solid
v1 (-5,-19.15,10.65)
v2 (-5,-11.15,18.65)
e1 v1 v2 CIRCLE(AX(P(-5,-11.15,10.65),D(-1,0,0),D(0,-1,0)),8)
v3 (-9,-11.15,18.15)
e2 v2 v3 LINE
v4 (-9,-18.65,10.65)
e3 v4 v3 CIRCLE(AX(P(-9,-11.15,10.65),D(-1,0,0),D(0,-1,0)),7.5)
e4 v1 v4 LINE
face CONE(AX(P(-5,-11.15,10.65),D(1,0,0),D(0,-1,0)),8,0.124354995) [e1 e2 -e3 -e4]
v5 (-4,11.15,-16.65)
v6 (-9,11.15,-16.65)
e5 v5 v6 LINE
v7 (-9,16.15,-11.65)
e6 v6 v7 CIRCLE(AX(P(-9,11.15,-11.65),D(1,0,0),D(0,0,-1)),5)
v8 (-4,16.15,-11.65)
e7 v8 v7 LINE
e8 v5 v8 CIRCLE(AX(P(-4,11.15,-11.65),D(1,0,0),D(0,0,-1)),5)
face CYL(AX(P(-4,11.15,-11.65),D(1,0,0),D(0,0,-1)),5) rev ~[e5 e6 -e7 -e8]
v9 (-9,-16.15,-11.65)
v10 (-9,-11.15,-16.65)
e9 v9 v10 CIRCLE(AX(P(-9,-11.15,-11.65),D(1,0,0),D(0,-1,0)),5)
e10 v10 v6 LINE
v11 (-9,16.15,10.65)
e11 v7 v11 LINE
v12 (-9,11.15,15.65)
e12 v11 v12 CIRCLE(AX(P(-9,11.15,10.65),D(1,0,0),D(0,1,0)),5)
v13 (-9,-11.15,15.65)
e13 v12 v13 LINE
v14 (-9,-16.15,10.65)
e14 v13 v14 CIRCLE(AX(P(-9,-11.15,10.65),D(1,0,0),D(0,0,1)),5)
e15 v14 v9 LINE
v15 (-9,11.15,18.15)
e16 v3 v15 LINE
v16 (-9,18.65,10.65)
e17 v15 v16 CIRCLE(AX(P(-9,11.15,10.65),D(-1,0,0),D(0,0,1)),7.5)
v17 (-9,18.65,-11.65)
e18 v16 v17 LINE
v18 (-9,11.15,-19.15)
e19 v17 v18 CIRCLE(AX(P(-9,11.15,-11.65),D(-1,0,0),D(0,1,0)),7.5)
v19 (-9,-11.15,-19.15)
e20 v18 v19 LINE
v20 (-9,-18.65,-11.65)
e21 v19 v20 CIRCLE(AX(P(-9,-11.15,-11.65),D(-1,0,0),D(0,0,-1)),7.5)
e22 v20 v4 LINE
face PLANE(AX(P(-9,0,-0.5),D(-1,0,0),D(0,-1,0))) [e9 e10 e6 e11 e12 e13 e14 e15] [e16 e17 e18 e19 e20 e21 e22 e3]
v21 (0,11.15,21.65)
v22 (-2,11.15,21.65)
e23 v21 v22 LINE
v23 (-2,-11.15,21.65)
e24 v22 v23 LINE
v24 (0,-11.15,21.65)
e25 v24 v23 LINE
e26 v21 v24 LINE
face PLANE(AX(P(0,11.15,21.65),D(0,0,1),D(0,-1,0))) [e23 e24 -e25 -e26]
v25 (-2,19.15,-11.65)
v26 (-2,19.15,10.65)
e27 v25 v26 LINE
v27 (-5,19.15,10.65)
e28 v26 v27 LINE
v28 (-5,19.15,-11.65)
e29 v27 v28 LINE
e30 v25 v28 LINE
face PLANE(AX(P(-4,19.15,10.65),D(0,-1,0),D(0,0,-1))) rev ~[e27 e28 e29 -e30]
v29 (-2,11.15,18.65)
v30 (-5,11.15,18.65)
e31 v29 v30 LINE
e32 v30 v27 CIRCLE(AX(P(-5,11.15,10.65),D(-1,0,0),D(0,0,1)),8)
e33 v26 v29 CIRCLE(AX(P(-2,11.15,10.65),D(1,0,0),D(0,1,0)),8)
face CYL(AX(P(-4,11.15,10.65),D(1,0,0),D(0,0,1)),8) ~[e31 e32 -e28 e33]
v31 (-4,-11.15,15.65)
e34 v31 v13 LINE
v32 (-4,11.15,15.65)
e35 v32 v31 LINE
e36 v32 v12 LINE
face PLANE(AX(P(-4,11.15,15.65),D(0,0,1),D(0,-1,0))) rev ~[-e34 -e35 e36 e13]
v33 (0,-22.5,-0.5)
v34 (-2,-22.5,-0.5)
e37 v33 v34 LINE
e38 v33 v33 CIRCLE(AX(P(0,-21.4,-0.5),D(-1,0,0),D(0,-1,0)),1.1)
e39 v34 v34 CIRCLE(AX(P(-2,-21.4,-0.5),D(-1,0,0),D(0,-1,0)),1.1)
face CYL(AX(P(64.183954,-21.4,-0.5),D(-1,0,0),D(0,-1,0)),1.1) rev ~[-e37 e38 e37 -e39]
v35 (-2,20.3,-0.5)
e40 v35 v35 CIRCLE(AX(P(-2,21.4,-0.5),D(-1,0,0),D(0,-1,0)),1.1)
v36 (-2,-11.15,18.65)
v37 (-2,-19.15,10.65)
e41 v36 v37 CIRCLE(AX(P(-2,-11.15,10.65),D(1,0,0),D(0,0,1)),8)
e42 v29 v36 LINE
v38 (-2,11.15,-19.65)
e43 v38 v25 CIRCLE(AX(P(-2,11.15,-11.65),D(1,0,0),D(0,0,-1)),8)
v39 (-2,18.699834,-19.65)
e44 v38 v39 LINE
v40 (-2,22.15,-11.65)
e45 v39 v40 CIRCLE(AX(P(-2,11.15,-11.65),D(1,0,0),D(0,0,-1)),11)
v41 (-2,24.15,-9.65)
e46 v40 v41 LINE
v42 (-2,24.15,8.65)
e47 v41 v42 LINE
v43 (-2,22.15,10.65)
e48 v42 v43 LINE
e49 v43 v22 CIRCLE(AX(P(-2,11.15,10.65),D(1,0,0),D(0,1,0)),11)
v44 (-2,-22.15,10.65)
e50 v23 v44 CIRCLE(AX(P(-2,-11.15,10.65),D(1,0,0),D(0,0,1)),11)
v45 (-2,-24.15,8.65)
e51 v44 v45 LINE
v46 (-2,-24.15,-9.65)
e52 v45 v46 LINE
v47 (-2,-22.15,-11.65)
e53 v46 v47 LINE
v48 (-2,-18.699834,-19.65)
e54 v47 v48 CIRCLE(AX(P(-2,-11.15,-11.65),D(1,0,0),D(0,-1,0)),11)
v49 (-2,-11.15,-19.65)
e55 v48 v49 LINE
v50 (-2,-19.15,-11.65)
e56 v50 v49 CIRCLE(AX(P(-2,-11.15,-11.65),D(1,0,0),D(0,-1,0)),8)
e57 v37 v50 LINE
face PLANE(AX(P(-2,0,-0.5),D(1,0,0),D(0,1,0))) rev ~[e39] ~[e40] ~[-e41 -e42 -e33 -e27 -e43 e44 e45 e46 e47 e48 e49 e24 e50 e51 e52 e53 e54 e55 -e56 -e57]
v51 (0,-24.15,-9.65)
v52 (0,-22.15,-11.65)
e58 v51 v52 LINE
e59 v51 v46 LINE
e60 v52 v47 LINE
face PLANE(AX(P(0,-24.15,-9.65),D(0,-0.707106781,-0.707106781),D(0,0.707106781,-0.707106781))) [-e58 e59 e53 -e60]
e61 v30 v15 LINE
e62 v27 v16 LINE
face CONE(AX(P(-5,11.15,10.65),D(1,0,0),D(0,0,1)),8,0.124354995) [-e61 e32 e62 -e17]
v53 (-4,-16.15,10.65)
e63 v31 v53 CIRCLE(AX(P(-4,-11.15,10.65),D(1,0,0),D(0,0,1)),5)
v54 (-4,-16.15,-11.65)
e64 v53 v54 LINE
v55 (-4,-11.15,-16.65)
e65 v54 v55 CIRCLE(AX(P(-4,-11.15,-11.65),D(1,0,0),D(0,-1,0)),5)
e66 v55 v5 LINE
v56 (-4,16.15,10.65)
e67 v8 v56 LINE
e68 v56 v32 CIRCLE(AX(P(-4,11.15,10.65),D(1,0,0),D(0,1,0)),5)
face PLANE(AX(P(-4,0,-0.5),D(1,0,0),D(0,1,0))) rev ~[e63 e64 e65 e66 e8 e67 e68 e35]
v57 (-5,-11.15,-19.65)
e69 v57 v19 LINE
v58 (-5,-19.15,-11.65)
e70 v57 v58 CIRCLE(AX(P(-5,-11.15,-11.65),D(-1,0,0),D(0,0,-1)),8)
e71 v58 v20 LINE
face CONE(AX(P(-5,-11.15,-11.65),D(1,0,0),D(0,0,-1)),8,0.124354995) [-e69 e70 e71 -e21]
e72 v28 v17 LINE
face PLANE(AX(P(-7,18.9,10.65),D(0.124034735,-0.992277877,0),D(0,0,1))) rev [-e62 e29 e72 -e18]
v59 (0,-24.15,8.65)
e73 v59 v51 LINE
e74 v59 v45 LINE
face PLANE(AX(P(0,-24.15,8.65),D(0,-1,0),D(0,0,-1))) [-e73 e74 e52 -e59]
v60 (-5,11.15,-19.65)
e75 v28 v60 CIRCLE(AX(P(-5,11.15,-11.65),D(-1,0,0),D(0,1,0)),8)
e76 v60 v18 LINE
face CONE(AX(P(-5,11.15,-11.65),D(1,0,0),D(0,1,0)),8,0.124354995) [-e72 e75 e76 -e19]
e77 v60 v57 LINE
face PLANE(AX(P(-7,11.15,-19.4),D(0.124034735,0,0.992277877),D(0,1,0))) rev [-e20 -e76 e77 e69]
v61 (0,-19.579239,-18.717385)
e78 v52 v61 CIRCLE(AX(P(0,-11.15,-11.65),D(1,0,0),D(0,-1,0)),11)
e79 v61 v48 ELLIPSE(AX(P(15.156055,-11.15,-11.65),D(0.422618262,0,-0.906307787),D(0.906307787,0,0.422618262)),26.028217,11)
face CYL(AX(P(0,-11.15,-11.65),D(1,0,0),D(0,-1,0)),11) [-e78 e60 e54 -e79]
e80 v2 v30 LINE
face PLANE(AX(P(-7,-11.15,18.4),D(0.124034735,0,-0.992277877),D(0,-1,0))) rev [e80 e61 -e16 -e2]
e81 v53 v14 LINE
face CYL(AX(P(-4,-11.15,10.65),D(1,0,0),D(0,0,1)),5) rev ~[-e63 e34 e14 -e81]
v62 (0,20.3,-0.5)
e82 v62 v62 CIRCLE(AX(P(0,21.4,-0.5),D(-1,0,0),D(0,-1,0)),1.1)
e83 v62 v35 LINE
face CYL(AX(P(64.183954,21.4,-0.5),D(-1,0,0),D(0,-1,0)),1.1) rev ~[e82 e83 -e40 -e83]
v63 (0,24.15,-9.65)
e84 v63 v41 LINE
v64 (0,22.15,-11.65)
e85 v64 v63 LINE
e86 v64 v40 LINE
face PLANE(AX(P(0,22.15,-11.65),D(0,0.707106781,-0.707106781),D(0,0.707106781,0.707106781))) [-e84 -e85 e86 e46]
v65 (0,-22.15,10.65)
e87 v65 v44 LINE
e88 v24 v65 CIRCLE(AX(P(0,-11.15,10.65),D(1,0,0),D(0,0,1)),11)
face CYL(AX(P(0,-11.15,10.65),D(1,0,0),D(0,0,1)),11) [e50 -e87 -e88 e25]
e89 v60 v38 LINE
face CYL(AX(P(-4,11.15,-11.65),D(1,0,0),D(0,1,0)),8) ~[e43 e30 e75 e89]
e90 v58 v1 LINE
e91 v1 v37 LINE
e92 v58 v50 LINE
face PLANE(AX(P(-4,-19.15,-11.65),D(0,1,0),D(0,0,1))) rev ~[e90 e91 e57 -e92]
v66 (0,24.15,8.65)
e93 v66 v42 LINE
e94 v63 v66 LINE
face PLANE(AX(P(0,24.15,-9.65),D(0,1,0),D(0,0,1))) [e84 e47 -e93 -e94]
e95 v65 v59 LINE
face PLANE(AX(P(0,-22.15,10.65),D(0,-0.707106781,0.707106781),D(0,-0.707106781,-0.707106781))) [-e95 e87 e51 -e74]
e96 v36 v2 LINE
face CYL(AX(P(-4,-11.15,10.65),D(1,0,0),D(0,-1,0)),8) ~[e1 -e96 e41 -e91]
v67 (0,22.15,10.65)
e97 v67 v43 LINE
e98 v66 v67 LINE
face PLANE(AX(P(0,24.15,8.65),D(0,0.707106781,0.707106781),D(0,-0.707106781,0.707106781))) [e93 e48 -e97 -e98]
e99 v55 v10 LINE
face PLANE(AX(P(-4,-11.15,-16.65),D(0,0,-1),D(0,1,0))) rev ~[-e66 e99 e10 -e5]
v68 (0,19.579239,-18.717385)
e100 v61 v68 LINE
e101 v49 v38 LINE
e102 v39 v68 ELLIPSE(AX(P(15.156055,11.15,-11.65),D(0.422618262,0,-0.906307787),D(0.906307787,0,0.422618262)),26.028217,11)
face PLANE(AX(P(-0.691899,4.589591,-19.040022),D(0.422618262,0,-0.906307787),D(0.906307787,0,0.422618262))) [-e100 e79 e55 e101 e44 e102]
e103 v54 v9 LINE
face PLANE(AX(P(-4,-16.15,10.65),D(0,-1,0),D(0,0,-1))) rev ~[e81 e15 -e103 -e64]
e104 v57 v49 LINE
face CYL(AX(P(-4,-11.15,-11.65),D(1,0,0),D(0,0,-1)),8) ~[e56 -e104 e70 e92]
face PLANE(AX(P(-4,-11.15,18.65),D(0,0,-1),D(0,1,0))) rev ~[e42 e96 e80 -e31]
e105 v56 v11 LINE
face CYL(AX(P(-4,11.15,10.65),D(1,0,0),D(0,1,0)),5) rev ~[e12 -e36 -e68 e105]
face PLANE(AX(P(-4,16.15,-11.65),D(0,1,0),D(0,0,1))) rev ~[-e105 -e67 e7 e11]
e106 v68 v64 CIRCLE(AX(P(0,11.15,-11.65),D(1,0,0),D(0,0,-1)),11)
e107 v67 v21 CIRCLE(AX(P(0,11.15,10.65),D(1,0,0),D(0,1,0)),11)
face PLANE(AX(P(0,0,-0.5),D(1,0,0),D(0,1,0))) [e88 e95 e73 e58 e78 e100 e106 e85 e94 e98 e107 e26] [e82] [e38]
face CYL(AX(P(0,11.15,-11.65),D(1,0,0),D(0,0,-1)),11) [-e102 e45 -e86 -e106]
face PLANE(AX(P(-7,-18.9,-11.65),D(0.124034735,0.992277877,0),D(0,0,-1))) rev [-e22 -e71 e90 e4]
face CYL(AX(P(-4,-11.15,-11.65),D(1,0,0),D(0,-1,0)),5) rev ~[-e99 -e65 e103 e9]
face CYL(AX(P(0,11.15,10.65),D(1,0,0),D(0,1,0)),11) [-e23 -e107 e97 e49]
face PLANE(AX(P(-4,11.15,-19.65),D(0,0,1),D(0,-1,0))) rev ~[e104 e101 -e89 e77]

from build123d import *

# Parameters (mm, degrees)
F1_DEPTH = 2
F2_DEPTH = 4
F4_W     = 23.5562745947
F4_H     = 63.5293796659
F5_DEPTH = 3.5651598846
F7_DEPTH = 5
F8_SIZE2 = 0.5
F8_SIZE  = 4
F9_D     = 2.2


with BuildPart() as f1:
    # F0 (on Right) → F1 (new body)
    with BuildSketch(Plane.YZ):
        with BuildLine():
            Line((11.15, 21.65), (-11.15, 21.65))
            ThreePointArc((-11.15, 21.65), (-18.9281745931, 18.4281745931), (-22.15, 10.65))
            Line((-22.15, 10.65), (-22.15, -11.65))
            ThreePointArc((-22.15, -11.65), (-18.9281745931, -19.4281745931), (-11.15, -22.65))
            Line((-11.15, -22.65), (11.15, -22.65))
            ThreePointArc((11.15, -22.65), (18.9281745931, -19.4281745931), (22.15, -11.65))
            Line((22.15, -11.65), (22.15, 10.65))
            ThreePointArc((22.15, 10.65), (18.9281745931, 18.4281745931), (11.15, 21.65))
        make_face()
        with BuildLine():
            ThreePointArc((-19.15, 10.65), (-16.8068542495, 16.3068542495), (-11.15, 18.65))
            Line((-11.15, 18.65), (11.15, 18.65))
            ThreePointArc((11.15, 18.65), (16.8068542495, 16.3068542495), (19.15, 10.65))
            Line((19.15, 10.65), (19.15, -11.65))
            ThreePointArc((19.15, -11.65), (16.8068542495, -17.3068542495), (11.15, -19.65))
            Line((11.15, -19.65), (-11.15, -19.65))
            ThreePointArc((-11.15, -19.65), (-16.8068542495, -17.3068542495), (-19.15, -11.65))
            Line((-19.15, -11.65), (-19.15, 10.65))
        make_face(mode=Mode.SUBTRACT)
        with BuildLine():
            Line((11.15, 18.65), (-11.15, 18.65))
            ThreePointArc((-11.15, 18.65), (-16.8068542495, 16.3068542495), (-19.15, 10.65))
            Line((-19.15, 10.65), (-19.15, -11.65))
            ThreePointArc((-19.15, -11.65), (-16.8068542495, -17.3068542495), (-11.15, -19.65))
            Line((-11.15, -19.65), (11.15, -19.65))
            ThreePointArc((11.15, -19.65), (16.8068542495, -17.3068542495), (19.15, -11.65))
            Line((19.15, -11.65), (19.15, 10.65))
            ThreePointArc((19.15, 10.65), (16.8068542495, 16.3068542495), (11.15, 18.65))
        make_face()
        Polygon((-22.15, -11.65), (-22.15, 10.65), (-24.15, 8.65), (-24.15, -9.65), align=None)
        Polygon((24.15, 8.65), (22.15, 10.65), (22.15, -11.65), (24.15, -9.65), align=None)
    extrude(amount=-F1_DEPTH)

    # F0 (on Right) → F2 (join)
    with BuildSketch(Plane.YZ):
        with BuildLine():
            Line((11.15, 18.65), (-11.15, 18.65))
            ThreePointArc((-11.15, 18.65), (-16.8068542495, 16.3068542495), (-19.15, 10.65))
            Line((-19.15, 10.65), (-19.15, -11.65))
            ThreePointArc((-19.15, -11.65), (-16.8068542495, -17.3068542495), (-11.15, -19.65))
            Line((-11.15, -19.65), (11.15, -19.65))
            ThreePointArc((11.15, -19.65), (16.8068542495, -17.3068542495), (19.15, -11.65))
            Line((19.15, -11.65), (19.15, 10.65))
            ThreePointArc((19.15, 10.65), (16.8068542495, 16.3068542495), (11.15, 18.65))
        make_face()
    extrude(amount=-F2_DEPTH)

    # F4 (on face) → F5 (cut, through all)
    with BuildSketch(Plane(origin=(7.1691742633, 0, -15.3743438221), x_dir=(0.906307787, 0, 0.4226182617), z_dir=(0.4226182617, 0, -0.906307787))):
        with Locations((-8.6737343809, -4.5895911753)):
            Rectangle(F4_W, F4_H)
    extrude(amount=F5_DEPTH, mode=Mode.SUBTRACT)

    # F6 (on face) → F7 (join)
    with BuildSketch(Plane(origin=(-4, 0, 0), x_dir=(0, -1, 0), z_dir=(-1, 0, 0))):
        with BuildLine():
            ThreePointArc((19.15, 10.65), (16.8068542495, 16.3068542495), (11.15, 18.65))
            Line((11.15, 18.65), (-11.15, 18.65))
            ThreePointArc((-11.15, 18.65), (-16.8068542495, 16.3068542495), (-19.15, 10.65))
            Line((-19.15, 10.65), (-19.15, -11.65))
            ThreePointArc((-19.15, -11.65), (-16.8068542495, -17.3068542495), (-11.15, -19.65))
            Line((-11.15, -19.65), (11.15, -19.65))
            ThreePointArc((11.15, -19.65), (16.8068542495, -17.3068542495), (19.15, -11.65))
            Line((19.15, -11.65), (19.15, 10.65))
        make_face()
        with BuildLine():
            ThreePointArc((11.15, 15.65), (14.6855339059, 14.1855339059), (16.15, 10.65))
            Line((16.15, 10.65), (16.15, -11.65))
            ThreePointArc((16.15, -11.65), (14.6855339059, -15.1855339059), (11.15, -16.65))
            Line((11.15, -16.65), (-11.15, -16.65))
            ThreePointArc((-11.15, -16.65), (-14.6855339059, -15.1855339059), (-16.15, -11.65))
            Line((-16.15, -11.65), (-16.15, 10.65))
            ThreePointArc((-16.15, 10.65), (-14.6855339059, 14.1855339059), (-11.15, 15.65))
            Line((-11.15, 15.65), (11.15, 15.65))
        make_face(mode=Mode.SUBTRACT)
    extrude(amount=F7_DEPTH)

    # F8
    f8_edges = [f1.edges().sort_by_distance(p)[0] for p in [
        (-9, -16.806854, -17.306854),
        (-9, 0, -19.65),
        (-9, -19.15, -0.5),
    ]]
    chamfer(f8_edges, length=F8_SIZE, length2=F8_SIZE2)

    # F9 (through all)
    with Locations(Plane.YZ):
        with Locations((-21.4, -0.5), (21.4, -0.5)):
            Hole(F9_D / 2)


solid = f1.part
